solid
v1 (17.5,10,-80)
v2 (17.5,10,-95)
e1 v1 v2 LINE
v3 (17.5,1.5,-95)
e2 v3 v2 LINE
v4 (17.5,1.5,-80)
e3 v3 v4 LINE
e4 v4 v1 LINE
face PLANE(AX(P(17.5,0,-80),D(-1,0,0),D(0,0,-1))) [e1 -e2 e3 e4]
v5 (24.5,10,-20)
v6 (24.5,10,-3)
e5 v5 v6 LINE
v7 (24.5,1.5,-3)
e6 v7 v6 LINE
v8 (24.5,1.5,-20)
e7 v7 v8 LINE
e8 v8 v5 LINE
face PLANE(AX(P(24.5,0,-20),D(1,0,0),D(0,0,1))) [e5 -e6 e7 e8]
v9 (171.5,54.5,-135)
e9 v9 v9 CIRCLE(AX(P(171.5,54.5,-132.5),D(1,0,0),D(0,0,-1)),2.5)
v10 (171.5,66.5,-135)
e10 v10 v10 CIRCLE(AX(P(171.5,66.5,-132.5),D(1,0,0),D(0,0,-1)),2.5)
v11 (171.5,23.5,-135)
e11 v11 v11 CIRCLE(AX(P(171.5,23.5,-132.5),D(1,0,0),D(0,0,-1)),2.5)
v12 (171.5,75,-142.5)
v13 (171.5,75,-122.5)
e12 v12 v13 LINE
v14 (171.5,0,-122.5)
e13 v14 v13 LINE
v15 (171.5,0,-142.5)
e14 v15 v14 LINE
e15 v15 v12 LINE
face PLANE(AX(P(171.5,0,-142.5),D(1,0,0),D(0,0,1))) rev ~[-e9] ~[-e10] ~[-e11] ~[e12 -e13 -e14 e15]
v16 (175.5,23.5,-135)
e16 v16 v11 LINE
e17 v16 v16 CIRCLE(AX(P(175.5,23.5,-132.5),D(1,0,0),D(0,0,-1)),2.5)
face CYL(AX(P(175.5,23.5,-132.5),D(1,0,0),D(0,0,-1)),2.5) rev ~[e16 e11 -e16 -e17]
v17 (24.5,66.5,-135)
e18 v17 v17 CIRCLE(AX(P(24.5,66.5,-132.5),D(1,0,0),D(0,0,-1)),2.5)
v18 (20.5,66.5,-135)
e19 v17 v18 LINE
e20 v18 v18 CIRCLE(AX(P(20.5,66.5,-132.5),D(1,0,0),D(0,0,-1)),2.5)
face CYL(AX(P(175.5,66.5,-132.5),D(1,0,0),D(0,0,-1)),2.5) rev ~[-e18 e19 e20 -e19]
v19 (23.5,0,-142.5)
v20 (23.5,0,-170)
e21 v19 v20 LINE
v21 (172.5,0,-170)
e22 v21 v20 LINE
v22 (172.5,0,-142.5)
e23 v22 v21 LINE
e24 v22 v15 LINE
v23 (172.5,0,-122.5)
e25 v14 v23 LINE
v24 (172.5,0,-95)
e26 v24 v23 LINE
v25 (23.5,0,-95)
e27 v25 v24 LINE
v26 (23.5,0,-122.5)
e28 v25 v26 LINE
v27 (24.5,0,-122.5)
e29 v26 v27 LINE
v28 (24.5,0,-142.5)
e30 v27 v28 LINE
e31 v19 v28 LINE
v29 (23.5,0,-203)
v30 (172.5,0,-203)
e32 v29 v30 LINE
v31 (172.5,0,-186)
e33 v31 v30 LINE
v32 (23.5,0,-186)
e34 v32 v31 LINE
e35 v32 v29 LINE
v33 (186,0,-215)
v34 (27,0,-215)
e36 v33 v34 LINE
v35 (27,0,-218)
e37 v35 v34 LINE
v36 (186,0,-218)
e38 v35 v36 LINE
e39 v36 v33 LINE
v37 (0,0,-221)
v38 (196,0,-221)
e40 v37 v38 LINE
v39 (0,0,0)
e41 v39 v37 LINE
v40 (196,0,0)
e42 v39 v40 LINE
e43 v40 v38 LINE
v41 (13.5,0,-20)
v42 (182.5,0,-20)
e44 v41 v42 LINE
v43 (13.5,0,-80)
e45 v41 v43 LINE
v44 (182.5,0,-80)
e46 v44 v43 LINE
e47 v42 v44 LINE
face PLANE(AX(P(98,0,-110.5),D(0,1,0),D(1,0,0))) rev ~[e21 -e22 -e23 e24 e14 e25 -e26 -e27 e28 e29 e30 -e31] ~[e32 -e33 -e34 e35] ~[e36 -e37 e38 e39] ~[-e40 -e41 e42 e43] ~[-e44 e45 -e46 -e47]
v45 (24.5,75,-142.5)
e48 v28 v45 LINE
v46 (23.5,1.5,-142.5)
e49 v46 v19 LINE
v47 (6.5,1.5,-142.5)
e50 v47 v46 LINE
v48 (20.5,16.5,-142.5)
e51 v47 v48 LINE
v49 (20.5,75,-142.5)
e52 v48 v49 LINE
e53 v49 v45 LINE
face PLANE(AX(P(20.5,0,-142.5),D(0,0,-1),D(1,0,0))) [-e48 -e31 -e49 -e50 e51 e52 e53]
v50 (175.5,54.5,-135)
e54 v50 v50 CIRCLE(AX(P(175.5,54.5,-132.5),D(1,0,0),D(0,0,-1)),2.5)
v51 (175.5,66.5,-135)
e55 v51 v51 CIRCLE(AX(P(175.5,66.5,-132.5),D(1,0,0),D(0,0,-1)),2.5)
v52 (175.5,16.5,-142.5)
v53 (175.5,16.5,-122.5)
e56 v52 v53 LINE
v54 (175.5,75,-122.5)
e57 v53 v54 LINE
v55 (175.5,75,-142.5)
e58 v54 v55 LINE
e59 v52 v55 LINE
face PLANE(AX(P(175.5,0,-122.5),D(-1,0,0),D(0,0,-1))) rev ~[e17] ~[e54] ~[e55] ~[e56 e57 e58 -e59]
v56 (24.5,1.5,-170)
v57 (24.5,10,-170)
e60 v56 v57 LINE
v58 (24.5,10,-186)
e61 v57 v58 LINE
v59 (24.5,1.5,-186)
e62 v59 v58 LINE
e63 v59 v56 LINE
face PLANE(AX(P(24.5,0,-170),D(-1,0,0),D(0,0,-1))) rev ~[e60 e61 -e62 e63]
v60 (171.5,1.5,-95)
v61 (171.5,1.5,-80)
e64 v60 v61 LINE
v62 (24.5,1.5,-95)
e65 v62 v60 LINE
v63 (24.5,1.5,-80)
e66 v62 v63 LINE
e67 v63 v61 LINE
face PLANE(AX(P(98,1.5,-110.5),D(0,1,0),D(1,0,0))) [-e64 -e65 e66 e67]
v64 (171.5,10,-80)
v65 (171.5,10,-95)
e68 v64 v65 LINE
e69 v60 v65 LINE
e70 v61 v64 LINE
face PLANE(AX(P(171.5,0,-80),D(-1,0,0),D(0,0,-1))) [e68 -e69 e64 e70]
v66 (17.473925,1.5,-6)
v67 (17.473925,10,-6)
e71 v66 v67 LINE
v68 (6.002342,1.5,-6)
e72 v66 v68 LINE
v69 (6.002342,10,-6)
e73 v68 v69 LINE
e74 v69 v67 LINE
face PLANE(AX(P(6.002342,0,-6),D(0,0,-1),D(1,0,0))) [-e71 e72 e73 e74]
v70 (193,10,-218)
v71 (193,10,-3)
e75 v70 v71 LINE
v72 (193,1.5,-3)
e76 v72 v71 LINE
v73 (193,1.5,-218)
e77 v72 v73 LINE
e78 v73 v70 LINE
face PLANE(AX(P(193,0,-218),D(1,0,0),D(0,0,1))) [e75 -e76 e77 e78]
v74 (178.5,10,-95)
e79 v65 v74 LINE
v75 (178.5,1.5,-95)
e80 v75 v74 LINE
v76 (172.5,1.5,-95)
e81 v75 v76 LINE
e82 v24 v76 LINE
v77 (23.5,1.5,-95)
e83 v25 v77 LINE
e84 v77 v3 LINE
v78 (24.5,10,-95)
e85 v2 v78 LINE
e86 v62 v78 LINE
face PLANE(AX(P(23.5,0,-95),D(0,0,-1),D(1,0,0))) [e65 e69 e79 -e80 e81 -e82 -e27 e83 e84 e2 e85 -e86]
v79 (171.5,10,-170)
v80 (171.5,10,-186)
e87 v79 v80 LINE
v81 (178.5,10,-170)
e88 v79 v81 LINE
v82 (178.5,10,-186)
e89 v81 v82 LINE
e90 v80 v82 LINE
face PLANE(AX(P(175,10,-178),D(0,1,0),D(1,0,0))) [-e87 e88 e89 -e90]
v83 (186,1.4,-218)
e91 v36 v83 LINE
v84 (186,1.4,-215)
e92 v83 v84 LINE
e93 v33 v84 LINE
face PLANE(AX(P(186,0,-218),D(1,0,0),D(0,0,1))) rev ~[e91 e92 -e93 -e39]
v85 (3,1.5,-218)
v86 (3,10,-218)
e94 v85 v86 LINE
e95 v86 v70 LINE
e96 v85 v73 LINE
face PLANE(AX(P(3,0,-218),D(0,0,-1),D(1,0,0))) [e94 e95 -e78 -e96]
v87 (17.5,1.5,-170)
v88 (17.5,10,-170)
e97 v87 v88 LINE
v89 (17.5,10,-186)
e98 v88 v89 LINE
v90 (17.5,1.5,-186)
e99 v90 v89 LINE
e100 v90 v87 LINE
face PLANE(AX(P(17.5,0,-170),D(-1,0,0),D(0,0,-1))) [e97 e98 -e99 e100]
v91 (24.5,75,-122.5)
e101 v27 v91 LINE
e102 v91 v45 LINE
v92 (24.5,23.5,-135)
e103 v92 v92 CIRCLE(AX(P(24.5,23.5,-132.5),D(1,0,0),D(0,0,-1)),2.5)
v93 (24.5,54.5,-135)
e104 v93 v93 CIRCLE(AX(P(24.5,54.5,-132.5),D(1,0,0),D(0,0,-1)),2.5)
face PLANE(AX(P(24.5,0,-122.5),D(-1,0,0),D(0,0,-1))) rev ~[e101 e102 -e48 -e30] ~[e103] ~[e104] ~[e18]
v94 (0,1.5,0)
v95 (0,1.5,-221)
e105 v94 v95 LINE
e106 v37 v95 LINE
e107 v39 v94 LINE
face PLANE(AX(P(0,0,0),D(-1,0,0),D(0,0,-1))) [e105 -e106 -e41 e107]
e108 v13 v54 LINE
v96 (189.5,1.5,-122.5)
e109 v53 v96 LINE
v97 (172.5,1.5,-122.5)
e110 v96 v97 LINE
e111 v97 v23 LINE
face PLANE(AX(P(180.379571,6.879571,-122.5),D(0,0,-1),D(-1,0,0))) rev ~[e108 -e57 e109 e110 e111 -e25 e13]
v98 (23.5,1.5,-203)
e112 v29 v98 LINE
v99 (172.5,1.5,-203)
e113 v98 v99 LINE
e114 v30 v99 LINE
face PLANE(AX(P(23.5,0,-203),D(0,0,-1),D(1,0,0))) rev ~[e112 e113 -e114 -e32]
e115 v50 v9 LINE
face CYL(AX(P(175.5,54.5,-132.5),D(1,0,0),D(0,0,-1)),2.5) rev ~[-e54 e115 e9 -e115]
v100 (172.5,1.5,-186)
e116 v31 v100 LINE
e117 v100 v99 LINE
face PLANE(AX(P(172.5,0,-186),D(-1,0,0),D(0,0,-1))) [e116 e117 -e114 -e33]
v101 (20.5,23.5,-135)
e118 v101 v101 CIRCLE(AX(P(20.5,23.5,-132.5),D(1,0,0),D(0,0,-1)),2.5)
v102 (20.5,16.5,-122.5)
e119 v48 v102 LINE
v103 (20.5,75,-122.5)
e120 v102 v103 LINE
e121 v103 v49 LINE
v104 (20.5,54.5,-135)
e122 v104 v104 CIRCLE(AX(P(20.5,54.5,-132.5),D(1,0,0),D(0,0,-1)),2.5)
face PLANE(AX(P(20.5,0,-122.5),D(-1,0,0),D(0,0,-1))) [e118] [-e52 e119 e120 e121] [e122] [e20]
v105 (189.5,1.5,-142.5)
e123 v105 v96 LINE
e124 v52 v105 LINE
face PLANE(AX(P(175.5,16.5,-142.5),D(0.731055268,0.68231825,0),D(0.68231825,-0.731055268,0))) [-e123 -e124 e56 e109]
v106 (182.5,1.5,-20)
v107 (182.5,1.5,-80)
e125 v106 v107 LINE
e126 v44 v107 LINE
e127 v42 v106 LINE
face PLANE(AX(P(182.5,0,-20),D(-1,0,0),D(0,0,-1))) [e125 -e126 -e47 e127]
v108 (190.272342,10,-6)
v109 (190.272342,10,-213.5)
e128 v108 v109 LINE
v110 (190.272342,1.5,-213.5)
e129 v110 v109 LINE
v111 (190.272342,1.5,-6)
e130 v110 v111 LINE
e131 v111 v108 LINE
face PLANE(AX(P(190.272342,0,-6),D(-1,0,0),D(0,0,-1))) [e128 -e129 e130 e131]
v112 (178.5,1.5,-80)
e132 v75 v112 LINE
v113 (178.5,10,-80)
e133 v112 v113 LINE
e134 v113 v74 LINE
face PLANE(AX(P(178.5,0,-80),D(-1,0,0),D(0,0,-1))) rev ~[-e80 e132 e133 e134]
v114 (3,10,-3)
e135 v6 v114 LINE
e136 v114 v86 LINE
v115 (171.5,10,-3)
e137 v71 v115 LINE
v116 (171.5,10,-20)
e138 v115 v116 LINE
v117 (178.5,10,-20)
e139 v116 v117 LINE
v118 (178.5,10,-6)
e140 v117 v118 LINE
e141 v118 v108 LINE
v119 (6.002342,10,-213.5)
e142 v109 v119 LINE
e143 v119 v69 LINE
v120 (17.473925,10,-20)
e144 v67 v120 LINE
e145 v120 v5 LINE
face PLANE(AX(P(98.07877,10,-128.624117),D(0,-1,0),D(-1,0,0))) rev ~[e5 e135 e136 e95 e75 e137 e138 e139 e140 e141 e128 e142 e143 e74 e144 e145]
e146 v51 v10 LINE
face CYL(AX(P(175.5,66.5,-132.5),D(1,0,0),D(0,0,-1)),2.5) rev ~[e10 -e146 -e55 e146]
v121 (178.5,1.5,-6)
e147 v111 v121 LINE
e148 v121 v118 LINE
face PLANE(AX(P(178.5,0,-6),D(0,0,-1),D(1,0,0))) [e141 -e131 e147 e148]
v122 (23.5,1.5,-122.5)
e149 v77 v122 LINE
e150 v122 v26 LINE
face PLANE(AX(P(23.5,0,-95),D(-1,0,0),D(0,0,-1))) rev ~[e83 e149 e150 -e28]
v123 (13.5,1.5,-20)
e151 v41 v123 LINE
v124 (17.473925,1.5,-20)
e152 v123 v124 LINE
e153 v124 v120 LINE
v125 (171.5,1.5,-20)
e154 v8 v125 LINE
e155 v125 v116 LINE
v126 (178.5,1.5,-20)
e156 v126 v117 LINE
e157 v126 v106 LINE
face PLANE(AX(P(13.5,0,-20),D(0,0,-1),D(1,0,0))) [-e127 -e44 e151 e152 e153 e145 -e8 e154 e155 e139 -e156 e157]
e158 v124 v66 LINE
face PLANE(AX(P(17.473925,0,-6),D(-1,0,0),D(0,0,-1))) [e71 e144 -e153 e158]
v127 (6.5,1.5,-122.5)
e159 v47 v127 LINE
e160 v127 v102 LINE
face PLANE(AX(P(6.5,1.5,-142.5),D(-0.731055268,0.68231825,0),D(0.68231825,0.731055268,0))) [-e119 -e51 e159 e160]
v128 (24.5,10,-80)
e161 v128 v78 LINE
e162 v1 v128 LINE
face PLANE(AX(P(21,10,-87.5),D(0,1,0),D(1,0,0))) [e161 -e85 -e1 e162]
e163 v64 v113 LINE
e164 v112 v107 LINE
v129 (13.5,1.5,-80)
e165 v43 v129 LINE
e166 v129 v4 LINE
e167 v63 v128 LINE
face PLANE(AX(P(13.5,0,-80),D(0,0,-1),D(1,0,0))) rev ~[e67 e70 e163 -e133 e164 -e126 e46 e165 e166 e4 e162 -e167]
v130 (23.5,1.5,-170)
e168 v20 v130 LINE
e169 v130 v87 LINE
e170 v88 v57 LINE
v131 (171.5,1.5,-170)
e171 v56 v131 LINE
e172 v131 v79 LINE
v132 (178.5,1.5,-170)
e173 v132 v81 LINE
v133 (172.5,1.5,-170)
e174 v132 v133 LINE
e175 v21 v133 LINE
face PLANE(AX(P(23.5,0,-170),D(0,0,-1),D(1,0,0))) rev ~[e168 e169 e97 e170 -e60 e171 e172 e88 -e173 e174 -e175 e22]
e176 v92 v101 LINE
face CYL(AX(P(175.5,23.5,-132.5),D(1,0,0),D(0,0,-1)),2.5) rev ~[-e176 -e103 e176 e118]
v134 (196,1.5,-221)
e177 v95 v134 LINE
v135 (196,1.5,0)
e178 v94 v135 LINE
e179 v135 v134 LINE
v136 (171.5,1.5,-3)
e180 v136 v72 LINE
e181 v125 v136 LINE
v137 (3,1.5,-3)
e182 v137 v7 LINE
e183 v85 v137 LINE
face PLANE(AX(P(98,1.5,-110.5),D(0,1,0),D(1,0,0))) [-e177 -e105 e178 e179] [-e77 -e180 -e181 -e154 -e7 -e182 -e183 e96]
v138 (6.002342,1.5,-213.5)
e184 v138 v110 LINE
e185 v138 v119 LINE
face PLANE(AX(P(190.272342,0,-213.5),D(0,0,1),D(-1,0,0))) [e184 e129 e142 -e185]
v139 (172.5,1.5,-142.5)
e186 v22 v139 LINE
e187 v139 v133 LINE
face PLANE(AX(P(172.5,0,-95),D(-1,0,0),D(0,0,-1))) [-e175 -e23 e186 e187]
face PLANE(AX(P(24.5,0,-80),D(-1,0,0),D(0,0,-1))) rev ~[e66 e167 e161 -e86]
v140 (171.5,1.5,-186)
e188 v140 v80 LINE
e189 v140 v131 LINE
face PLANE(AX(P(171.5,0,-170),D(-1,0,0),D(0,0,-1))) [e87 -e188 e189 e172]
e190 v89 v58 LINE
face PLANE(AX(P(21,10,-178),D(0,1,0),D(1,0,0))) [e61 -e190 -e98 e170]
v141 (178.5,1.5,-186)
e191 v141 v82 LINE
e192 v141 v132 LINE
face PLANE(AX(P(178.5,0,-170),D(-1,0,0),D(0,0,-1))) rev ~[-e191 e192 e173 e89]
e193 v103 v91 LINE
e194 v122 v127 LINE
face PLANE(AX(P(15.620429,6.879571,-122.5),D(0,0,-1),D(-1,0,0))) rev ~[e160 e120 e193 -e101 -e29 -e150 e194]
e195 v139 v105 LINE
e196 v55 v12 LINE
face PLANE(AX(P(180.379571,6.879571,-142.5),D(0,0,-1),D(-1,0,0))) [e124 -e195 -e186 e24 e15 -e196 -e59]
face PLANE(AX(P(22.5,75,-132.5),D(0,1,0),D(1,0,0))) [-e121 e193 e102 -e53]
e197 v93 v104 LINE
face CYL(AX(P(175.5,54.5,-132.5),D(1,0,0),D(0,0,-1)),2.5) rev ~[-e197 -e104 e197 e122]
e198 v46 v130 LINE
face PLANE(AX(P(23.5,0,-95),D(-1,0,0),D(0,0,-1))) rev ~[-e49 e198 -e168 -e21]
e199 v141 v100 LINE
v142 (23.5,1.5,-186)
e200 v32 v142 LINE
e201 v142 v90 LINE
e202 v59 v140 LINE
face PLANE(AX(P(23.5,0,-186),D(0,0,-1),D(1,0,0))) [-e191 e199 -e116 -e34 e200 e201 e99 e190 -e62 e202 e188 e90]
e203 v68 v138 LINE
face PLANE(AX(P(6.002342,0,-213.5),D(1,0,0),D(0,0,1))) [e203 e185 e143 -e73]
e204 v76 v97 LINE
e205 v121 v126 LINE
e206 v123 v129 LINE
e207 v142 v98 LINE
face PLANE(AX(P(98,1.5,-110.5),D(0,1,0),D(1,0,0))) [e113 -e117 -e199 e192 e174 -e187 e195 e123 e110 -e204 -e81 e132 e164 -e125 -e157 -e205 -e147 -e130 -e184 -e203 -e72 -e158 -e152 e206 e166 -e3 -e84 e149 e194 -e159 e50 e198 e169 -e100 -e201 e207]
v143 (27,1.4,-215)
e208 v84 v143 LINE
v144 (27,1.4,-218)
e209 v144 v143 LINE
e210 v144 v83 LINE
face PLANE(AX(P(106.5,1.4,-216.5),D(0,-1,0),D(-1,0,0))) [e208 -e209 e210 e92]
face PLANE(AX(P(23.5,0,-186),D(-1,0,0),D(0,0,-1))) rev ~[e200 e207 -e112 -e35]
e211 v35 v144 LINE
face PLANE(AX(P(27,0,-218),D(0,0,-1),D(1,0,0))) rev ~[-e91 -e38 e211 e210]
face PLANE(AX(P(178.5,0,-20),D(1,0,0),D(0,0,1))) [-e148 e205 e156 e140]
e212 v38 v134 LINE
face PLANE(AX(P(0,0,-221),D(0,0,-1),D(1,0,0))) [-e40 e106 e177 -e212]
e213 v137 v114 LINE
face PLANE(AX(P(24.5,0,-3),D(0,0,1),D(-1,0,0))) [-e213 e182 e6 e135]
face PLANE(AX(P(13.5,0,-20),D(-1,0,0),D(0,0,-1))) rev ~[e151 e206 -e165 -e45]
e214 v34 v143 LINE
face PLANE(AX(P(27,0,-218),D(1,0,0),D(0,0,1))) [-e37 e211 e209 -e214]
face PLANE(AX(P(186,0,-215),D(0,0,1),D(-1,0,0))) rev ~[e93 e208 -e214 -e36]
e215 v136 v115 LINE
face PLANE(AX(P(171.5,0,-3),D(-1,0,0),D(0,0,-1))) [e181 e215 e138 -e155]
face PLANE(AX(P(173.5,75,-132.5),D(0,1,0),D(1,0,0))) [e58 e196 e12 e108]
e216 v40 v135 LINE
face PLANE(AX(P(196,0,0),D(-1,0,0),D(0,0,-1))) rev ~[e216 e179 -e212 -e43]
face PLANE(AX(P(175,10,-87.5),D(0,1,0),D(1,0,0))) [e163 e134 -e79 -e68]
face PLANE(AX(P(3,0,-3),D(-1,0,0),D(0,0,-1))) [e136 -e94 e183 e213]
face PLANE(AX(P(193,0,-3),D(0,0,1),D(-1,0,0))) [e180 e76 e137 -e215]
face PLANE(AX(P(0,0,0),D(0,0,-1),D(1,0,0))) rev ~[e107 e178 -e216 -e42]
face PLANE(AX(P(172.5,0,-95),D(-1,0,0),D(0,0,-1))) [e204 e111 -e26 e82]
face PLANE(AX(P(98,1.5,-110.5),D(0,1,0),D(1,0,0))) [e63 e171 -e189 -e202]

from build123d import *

# Parameters (mm, degrees)
SKETCH_1_W          = 196
SKETCH_1_H          = 221
SKETCH_1_W_2        = 169
SKETCH_1_H_2        = 60
SKETCH_1_W_3        = 149
SKETCH_1_H_3        = 75
SKETCH_1_H_4        = 17
SKETCH_1_W_4        = 159
SKETCH_1_H_5        = 3.5
EXTRUDE_1_DEPTH     = 1.5
SKETCH_5_W          = 7
SKETCH_5_H          = 16
SKETCH_5_H_2        = 15
EXTRUDE_9_DEPTH     = 10
CUT_EXTRUDE_2_DEPTH = 1.4
SKETCH_7_W          = 4
SKETCH_7_H          = 20
EXTRUDE_10_DEPTH    = 75
SKETCH_8_R          = 2.5
CUT_EXTRUDE_3_DEPTH = 185
EXTRUDE_11_DEPTH    = 20


with BuildPart() as part:
    # 草图1 → 凸台-拉伸1 (new body)
    with BuildSketch(Plane(origin=(0, 0, 0), x_dir=(1, 0, 0), z_dir=(0, 1, 0))):
        with Locations((98, 110.5)):
            Rectangle(SKETCH_1_W, SKETCH_1_H)
        with Locations((98, 50)):
            Rectangle(SKETCH_1_W_2, SKETCH_1_H_2, mode=Mode.SUBTRACT)
        with Locations((98, 132.5)):
            Rectangle(SKETCH_1_W_3, SKETCH_1_H_3, mode=Mode.SUBTRACT)
        with Locations((98, 194.5)):
            Rectangle(SKETCH_1_W_3, SKETCH_1_H_4, mode=Mode.SUBTRACT)
        with Locations((106.5, 216.25)):
            Rectangle(SKETCH_1_W_4, SKETCH_1_H_5, mode=Mode.SUBTRACT)
    extrude(amount=EXTRUDE_1_DEPTH)

    # 草图5 → 凸台-拉伸9 (add)
    with BuildSketch(Plane(origin=(0, 0, 0), x_dir=(1, 0, 0), z_dir=(0, 1, 0))):
        Polygon((3, 218), (193, 218), (193, 3), (171.5, 3), (171.5, 20), (178.5, 20), (178.5, 6), (190.27234206, 6), (190.27234206, 213.5), (6.00234206, 213.5), (6.00234206, 6), (17.473925125, 6), (17.473925125, 20), (24.5, 20), (24.5, 3), (3, 3), align=None)
        with Locations((21, 178)):
            Rectangle(SKETCH_5_W, SKETCH_5_H)
        with Locations((175, 178)):
            Rectangle(SKETCH_5_W, SKETCH_5_H)
        with Locations((175, 87.5)):
            Rectangle(SKETCH_5_W, SKETCH_5_H_2)
        with Locations((21, 87.5)):
            Rectangle(SKETCH_5_W, SKETCH_5_H_2)
    extrude(amount=EXTRUDE_9_DEPTH)

    # 草图6 → 切除-拉伸2 (cut)
    with BuildSketch(Plane(origin=(0, 0, 0), x_dir=(1, 0, 0), z_dir=(0, 1, 0))):
        Polygon((27, 217.586317154), (27, 218), (186, 218), (186, 215), (27, 215), align=None)
    extrude(amount=CUT_EXTRUDE_2_DEPTH, mode=Mode.SUBTRACT)

    # 草图7 → 凸台-拉伸10 (add)
    with BuildSketch(Plane(origin=(0, 0, 0), x_dir=(1, 0, 0), z_dir=(0, 1, 0))):
        Polygon((175.5, 132.5), (175.5, 142.5), (171.5, 142.5), (171.5, 122.5), (175.5, 122.5), align=None)
        with Locations((22.5, 132.5)):
            Rectangle(SKETCH_7_W, SKETCH_7_H)
    extrude(amount=EXTRUDE_10_DEPTH)

    # 草图8 → 切除-拉伸3 (cut)
    with BuildSketch(Plane(origin=(175.5, 0, 0), x_dir=(0, 0, -1), z_dir=(1, 0, 0))):
        with Locations((132.5, 66.5)):
            Circle(SKETCH_8_R)
        with Locations((132.5, 54.5)):
            Circle(SKETCH_8_R)
        with Locations((132.5, 23.5)):
            Circle(SKETCH_8_R)
    extrude(amount=-CUT_EXTRUDE_3_DEPTH, mode=Mode.SUBTRACT)

    # 草图10 → 凸台-拉伸11 (add)
    with BuildSketch(Plane(origin=(0, 0, -142.5), x_dir=(-1, 0, 0), z_dir=(0, 0, -1))):
        Polygon((-189.5, 1.5), (-175.5, 1.5), (-175.5, 16.5), align=None)
        Polygon((-20.5, 1.5), (-6.5, 1.5), (-20.5, 16.5), align=None)
    extrude(amount=-EXTRUDE_11_DEPTH)


solid = part.part
